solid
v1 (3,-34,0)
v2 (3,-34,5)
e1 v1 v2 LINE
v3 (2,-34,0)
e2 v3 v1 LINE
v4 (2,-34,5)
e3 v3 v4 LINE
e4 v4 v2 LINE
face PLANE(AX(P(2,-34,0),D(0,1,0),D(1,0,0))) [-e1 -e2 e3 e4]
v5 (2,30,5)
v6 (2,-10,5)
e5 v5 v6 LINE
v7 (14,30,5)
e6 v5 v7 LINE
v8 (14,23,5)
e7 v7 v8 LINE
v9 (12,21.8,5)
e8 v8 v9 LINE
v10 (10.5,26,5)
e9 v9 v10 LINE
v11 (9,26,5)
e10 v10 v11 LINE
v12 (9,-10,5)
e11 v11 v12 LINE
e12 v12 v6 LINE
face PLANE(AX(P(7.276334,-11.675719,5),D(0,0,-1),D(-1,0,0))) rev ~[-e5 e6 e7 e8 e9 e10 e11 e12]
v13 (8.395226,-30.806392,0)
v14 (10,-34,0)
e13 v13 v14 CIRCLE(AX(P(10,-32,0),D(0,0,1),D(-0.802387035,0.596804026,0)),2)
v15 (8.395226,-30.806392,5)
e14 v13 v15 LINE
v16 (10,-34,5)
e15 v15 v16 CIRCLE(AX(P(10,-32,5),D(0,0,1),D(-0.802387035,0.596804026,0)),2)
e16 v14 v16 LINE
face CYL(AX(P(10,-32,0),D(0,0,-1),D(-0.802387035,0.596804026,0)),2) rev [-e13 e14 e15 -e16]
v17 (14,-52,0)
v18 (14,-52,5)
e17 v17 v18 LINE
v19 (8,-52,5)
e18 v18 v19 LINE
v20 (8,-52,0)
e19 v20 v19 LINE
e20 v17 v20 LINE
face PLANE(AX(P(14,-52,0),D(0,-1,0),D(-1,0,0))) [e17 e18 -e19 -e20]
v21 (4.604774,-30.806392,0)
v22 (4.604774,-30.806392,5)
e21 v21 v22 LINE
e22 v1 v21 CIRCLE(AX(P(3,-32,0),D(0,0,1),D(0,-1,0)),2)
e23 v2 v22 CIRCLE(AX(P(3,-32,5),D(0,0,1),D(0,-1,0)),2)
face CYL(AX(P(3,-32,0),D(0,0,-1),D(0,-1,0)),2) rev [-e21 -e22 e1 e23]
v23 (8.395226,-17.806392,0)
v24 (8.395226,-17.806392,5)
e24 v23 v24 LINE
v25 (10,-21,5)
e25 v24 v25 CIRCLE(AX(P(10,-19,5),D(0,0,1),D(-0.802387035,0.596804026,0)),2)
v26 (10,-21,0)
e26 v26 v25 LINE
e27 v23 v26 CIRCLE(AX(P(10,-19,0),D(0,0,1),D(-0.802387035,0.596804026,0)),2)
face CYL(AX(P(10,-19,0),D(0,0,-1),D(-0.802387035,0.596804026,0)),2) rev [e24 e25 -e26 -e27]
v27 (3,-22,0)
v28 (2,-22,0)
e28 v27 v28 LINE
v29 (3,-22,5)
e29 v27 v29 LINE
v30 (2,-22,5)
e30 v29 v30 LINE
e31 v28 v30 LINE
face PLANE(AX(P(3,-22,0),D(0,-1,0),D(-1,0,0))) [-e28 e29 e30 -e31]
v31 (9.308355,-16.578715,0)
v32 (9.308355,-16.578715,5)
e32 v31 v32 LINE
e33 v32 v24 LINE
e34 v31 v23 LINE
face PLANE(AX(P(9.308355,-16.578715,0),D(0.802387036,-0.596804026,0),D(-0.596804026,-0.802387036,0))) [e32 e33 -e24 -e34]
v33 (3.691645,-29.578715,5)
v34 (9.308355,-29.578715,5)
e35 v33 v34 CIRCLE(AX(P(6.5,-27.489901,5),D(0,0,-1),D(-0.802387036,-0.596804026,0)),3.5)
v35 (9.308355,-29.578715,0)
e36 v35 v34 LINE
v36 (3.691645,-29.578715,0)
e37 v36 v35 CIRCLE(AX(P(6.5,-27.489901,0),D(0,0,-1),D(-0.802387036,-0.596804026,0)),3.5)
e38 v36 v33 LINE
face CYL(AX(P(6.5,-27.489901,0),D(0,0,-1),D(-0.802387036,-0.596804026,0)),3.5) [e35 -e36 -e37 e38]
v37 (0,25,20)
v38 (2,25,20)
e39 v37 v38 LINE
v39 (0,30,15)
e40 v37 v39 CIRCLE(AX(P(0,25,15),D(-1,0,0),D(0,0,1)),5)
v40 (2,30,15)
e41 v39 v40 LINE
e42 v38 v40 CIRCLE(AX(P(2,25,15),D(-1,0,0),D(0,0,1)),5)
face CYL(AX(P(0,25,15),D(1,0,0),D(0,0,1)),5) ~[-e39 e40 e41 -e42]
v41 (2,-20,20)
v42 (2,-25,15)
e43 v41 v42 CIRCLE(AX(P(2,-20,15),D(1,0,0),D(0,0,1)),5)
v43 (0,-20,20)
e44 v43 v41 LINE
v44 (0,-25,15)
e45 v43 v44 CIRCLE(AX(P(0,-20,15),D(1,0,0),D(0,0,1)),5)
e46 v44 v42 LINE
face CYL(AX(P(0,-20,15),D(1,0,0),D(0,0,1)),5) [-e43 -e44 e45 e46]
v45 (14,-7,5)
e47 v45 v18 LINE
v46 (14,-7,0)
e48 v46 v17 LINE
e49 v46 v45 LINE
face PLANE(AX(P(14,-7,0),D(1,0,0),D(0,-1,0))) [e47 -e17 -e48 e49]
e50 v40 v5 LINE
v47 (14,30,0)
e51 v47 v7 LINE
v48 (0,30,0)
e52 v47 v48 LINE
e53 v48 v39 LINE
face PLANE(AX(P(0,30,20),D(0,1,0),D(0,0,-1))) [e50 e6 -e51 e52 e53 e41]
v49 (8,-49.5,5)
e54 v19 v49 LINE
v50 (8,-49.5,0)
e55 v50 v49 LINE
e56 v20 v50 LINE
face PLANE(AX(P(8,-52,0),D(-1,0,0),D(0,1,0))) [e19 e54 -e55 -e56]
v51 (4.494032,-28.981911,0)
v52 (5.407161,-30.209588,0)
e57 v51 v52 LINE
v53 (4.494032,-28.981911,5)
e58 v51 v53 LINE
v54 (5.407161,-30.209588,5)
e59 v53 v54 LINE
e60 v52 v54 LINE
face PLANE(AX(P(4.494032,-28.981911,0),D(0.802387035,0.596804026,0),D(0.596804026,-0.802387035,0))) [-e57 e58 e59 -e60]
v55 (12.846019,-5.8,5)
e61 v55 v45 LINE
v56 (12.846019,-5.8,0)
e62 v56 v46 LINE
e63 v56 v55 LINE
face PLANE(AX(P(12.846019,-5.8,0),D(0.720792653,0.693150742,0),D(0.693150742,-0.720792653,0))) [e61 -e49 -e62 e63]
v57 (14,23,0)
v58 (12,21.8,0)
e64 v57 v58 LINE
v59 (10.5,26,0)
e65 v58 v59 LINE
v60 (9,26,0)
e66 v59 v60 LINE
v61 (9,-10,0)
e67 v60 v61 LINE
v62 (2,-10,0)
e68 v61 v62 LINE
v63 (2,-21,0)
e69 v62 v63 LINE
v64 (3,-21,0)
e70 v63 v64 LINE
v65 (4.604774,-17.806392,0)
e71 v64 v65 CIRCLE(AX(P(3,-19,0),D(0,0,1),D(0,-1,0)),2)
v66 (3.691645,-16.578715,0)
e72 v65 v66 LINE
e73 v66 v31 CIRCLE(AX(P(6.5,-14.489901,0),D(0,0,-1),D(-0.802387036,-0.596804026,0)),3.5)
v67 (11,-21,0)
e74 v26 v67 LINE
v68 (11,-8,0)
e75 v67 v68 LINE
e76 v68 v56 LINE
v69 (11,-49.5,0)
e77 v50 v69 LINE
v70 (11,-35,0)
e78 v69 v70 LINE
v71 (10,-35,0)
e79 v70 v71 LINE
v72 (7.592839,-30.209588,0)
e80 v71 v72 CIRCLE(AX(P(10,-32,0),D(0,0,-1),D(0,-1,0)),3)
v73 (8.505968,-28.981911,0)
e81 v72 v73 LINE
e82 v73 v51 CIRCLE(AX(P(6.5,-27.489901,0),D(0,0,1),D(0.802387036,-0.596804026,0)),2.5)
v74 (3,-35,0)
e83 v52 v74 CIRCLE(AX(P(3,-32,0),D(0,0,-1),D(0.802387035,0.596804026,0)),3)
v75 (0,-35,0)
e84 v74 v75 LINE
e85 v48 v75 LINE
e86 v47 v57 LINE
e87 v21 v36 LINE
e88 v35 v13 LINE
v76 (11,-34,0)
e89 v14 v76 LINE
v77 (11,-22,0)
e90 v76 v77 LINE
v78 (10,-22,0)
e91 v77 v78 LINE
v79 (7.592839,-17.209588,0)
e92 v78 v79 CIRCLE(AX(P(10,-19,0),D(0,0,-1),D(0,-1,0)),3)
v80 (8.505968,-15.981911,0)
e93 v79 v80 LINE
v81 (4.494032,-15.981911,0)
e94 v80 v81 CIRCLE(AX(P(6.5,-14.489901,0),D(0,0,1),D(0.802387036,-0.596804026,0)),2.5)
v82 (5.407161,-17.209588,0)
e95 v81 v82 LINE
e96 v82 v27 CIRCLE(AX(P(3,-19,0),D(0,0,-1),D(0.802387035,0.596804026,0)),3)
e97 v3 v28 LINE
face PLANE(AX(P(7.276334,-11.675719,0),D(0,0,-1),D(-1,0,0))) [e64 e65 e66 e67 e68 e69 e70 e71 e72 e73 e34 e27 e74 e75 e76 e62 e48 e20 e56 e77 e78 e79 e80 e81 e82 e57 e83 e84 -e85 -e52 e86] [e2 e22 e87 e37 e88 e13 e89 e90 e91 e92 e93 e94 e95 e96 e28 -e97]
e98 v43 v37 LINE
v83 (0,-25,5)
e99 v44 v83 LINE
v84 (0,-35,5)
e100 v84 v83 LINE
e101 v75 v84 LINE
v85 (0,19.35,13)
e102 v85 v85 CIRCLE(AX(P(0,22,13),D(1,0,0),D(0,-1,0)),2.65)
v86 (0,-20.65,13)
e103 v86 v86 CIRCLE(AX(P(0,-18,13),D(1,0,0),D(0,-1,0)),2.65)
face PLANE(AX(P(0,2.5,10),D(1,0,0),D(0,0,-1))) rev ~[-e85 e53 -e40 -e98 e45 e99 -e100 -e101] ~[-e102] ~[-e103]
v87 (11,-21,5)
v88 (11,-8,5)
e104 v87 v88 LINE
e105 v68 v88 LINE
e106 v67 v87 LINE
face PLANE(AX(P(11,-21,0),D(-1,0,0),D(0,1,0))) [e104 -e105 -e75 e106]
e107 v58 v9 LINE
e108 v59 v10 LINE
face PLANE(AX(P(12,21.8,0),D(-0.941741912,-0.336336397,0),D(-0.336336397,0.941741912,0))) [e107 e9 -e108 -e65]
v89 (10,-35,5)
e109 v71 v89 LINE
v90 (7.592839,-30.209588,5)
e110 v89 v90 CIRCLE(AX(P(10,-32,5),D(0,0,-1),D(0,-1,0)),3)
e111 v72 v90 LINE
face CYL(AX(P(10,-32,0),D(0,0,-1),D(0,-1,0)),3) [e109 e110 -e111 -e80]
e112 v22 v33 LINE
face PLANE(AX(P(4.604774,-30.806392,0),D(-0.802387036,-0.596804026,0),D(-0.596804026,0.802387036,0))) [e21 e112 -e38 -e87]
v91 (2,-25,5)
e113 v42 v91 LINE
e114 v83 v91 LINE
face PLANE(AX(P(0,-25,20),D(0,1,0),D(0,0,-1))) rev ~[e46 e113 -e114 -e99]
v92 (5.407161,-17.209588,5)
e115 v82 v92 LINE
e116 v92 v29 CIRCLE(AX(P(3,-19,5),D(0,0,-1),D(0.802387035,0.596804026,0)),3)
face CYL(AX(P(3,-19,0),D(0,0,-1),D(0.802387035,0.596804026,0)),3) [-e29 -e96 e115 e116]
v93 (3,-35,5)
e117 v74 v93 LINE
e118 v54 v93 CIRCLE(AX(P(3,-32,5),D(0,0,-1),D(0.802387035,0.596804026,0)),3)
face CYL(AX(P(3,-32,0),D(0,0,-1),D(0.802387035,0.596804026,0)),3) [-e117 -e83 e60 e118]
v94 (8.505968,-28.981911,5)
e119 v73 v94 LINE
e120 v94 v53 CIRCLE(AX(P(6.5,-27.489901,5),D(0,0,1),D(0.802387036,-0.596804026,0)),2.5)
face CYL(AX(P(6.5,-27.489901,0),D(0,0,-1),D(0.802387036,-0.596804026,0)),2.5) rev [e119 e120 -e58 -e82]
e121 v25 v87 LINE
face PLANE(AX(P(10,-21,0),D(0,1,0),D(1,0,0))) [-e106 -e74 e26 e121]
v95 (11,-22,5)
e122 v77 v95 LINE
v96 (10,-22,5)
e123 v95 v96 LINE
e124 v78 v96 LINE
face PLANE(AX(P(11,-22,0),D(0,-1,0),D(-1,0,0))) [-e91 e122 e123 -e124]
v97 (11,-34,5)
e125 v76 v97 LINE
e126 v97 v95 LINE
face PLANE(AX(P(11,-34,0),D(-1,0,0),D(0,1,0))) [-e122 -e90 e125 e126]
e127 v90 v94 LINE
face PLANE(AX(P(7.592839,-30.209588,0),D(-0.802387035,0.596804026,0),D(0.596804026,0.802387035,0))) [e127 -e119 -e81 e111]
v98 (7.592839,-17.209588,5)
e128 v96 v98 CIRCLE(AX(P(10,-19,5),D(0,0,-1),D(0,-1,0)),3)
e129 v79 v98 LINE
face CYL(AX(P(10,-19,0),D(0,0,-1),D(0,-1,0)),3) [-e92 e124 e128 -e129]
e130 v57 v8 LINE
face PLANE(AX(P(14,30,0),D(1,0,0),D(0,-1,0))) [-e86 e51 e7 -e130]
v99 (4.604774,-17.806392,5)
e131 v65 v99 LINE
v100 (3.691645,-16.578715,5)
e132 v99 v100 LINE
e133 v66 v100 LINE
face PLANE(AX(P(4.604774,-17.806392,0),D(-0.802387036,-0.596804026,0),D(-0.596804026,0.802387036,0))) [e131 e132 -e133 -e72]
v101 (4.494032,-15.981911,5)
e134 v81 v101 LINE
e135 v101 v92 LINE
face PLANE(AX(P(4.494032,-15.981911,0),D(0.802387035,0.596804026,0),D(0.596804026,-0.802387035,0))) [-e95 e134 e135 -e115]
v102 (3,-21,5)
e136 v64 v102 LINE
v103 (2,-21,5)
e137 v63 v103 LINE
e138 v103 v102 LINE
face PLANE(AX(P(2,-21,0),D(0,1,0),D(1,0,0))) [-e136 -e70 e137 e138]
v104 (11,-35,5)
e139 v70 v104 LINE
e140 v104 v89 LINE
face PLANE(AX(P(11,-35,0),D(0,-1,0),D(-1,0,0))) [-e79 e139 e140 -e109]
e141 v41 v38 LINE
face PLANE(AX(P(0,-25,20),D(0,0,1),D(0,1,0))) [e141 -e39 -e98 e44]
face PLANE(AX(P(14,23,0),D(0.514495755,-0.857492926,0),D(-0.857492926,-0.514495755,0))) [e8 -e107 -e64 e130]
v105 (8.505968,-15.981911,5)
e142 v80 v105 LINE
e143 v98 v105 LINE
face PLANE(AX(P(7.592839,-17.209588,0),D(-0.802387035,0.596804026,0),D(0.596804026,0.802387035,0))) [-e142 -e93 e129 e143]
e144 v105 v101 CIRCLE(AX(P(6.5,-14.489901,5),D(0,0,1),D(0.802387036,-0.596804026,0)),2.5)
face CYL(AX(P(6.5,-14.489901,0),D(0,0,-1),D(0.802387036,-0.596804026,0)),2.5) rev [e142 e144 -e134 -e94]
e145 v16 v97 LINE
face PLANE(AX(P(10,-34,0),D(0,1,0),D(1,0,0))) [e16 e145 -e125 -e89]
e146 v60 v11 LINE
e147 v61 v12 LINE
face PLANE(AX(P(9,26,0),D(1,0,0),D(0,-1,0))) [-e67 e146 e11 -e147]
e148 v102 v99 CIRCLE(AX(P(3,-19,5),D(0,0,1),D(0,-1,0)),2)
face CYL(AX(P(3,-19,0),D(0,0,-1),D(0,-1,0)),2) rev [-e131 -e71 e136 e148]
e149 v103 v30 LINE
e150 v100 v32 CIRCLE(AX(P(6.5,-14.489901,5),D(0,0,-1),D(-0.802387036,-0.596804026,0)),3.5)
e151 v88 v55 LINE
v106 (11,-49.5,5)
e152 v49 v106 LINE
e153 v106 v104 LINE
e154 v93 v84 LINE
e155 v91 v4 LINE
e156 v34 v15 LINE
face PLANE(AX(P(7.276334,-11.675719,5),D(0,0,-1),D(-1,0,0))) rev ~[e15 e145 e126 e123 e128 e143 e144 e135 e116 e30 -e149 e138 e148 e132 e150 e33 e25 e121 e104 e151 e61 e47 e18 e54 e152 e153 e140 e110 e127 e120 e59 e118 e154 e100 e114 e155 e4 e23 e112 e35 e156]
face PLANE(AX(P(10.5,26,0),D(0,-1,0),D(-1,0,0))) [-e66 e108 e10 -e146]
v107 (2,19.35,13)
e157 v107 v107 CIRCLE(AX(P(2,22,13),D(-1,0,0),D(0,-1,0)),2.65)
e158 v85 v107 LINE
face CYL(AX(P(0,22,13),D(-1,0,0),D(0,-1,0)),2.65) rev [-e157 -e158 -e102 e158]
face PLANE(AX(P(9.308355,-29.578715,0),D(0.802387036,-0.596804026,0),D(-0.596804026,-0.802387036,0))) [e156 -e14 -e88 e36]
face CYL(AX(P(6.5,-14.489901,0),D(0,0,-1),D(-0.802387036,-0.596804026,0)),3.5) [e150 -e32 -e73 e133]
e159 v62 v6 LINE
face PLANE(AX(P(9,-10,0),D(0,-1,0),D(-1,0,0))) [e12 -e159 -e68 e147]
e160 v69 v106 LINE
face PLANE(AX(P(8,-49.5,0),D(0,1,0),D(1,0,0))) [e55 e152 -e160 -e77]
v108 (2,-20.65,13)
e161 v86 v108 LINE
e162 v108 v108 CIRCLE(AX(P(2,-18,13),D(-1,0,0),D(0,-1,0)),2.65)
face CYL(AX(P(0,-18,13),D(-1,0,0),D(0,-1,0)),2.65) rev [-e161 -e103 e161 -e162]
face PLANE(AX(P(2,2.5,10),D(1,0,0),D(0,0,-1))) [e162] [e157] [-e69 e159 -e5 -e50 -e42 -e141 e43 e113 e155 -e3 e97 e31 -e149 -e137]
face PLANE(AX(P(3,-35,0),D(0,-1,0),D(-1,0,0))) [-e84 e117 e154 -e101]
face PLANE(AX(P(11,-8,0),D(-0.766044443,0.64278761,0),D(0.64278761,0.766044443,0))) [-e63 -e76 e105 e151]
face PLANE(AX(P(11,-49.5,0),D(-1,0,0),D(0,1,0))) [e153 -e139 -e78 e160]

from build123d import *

# Parameters (mm, degrees)
BOSS_EXTRUDE1_DEPTH = 5
SKETCH2_W           = 20
SKETCH2_H           = 55
BOSS_EXTRUDE2_DEPTH = 2
FILLET1_R           = 5
CUT_EXTRUDE1_REACH  = 59.446
SKETCH3_R           = 2.65


with BuildPart() as part:
    # Sketch1 → Boss-Extrude1 (new body)
    with BuildSketch(Plane.XY):
        with BuildLine():
            Line((0, 30), (12, 30))
            Line((12, 30), (14, 30))
            Line((14, 30), (14, 23))
            Line((14, 23), (12, 21.8))
            Line((12, 21.8), (10.5, 26))
            Line((10.5, 26), (9, 26))
            Line((9, 26), (9, -10))
            Line((9, -10), (2, -10))
            Line((2, -10), (2, -12))
            Line((2, -12), (2, -13.5))
            Line((2, -13.5), (2, -21))
            Line((2, -21), (3, -21))
            ThreePointArc((3, -21), (4.787066885, -19.89799329), (4.604774071, -17.806391949))
            Line((4.604774071, -17.806391949), (3.691645375, -16.578714862))
            ThreePointArc((3.691645375, -16.578714862), (6.5, -10.989900772), (9.308354625, -16.578714862))
            Line((9.308354625, -16.578714862), (8.395225929, -17.806391949))
            ThreePointArc((8.395225929, -17.806391949), (8.212933115, -19.89799329), (10, -21))
            Line((10, -21), (11, -21))
            Line((11, -21), (11, -19.8))
            Line((11, -19.8), (11, -18.3))
            Line((11, -18.3), (11, -8))
            Line((11, -8), (12.846019189, -5.8))
            Line((12.846019189, -5.8), (14, -7))
            Line((14, -7), (14, -37))
            Line((14, -37), (14, -40))
            Line((14, -40), (14, -43))
            Line((14, -43), (14, -52))
            Line((14, -52), (8, -52))
            Line((8, -52), (8, -49.5))
            Line((8, -49.5), (11, -49.5))
            Line((11, -49.5), (11, -41.5))
            Line((11, -41.5), (11, -40))
            Line((11, -40), (11, -35))
            Line((11, -35), (10, -35))
            ThreePointArc((10, -35), (7.319399673, -33.346989935), (7.592838893, -30.209587923))
            Line((7.592838893, -30.209587923), (8.505967589, -28.981910837))
            ThreePointArc((8.505967589, -28.981910837), (6.5, -24.989900772), (4.494032411, -28.981910837))
            Line((4.494032411, -28.981910837), (5.407161107, -30.209587923))
            ThreePointArc((5.407161107, -30.209587923), (5.680600328, -33.346989935), (3, -35))
            Line((3, -35), (2, -35))
            Line((2, -35), (0, -35))
            Line((0, -35), (0, 30))
        make_face()
        with BuildLine():
            Line((3, -22), (2, -22))
            Line((2, -22), (2, -33.5))
            Line((2, -33.5), (2, -34))
            Line((2, -34), (3, -34))
            ThreePointArc((3, -34), (4.787066885, -32.89799329), (4.604774071, -30.806391949))
            Line((4.604774071, -30.806391949), (3.691645375, -29.578714862))
            ThreePointArc((3.691645375, -29.578714862), (6.5, -23.989900772), (9.308354625, -29.578714862))
            Line((9.308354625, -29.578714862), (8.395225929, -30.806391949))
            ThreePointArc((8.395225929, -30.806391949), (8.212933115, -32.89799329), (10, -34))
            Line((10, -34), (11, -34))
            Line((11, -34), (11, -22))
            Line((11, -22), (10, -22))
            ThreePointArc((10, -22), (7.319399672, -20.346989935), (7.592838893, -17.209587923))
            Line((7.592838893, -17.209587923), (8.505967589, -15.981910837))
            ThreePointArc((8.505967589, -15.981910837), (6.5, -11.989900772), (4.494032411, -15.981910837))
            Line((4.494032411, -15.981910837), (5.407161107, -17.209587923))
            ThreePointArc((5.407161107, -17.209587923), (5.680600328, -20.346989935), (3, -22))
        make_face(mode=Mode.SUBTRACT)
    extrude(amount=BOSS_EXTRUDE1_DEPTH)

    # Sketch2 → Boss-Extrude2 (add)
    with BuildSketch(Plane(origin=(0, 0, 0), x_dir=(0, 0, -1), z_dir=(1, 0, 0))):
        with Locations((-10, 2.5)):
            Rectangle(SKETCH2_W, SKETCH2_H)
    extrude(amount=BOSS_EXTRUDE2_DEPTH)

    # Fillet1
    fillet1_edges = [part.edges().sort_by_distance(p)[0] for p in [
        (1, 30, 20),
        (1, -25, 20),
    ]]
    fillet(fillet1_edges, radius=FILLET1_R)

    # Sketch3 → Cut-Extrude1 (cut, up to next)
    with BuildSketch(Plane(origin=(0, 0, 0), x_dir=(0, 0, -1), z_dir=(1, 0, 0)), mode=Mode.PRIVATE) as cut_extrude1_sk1:
        with Locations(Location((-13, 22, 0), (0, 0, 270))):
            Circle(SKETCH3_R)
    cut_extrude1_tool1 = extrude(cut_extrude1_sk1.sketch, amount=CUT_EXTRUDE1_REACH, mode=Mode.PRIVATE) & part.part
    # Sketch3 → Cut-Extrude1 (cut, up to next)
    with BuildSketch(Plane(origin=(0, 0, 0), x_dir=(0, 0, -1), z_dir=(1, 0, 0)), mode=Mode.PRIVATE) as cut_extrude1_sk2:
        with Locations(Location((-13, -18, 0), (0, 0, 270))):
            Circle(SKETCH3_R)
    cut_extrude1_tool2 = extrude(cut_extrude1_sk2.sketch, amount=CUT_EXTRUDE1_REACH, mode=Mode.PRIVATE) & part.part
    add(cut_extrude1_tool1.solids().sort_by_distance((0, 22, 13))[0], mode=Mode.SUBTRACT)
    add(cut_extrude1_tool2.solids().sort_by_distance((0, -18, 13))[0], mode=Mode.SUBTRACT)


solid = part.part
